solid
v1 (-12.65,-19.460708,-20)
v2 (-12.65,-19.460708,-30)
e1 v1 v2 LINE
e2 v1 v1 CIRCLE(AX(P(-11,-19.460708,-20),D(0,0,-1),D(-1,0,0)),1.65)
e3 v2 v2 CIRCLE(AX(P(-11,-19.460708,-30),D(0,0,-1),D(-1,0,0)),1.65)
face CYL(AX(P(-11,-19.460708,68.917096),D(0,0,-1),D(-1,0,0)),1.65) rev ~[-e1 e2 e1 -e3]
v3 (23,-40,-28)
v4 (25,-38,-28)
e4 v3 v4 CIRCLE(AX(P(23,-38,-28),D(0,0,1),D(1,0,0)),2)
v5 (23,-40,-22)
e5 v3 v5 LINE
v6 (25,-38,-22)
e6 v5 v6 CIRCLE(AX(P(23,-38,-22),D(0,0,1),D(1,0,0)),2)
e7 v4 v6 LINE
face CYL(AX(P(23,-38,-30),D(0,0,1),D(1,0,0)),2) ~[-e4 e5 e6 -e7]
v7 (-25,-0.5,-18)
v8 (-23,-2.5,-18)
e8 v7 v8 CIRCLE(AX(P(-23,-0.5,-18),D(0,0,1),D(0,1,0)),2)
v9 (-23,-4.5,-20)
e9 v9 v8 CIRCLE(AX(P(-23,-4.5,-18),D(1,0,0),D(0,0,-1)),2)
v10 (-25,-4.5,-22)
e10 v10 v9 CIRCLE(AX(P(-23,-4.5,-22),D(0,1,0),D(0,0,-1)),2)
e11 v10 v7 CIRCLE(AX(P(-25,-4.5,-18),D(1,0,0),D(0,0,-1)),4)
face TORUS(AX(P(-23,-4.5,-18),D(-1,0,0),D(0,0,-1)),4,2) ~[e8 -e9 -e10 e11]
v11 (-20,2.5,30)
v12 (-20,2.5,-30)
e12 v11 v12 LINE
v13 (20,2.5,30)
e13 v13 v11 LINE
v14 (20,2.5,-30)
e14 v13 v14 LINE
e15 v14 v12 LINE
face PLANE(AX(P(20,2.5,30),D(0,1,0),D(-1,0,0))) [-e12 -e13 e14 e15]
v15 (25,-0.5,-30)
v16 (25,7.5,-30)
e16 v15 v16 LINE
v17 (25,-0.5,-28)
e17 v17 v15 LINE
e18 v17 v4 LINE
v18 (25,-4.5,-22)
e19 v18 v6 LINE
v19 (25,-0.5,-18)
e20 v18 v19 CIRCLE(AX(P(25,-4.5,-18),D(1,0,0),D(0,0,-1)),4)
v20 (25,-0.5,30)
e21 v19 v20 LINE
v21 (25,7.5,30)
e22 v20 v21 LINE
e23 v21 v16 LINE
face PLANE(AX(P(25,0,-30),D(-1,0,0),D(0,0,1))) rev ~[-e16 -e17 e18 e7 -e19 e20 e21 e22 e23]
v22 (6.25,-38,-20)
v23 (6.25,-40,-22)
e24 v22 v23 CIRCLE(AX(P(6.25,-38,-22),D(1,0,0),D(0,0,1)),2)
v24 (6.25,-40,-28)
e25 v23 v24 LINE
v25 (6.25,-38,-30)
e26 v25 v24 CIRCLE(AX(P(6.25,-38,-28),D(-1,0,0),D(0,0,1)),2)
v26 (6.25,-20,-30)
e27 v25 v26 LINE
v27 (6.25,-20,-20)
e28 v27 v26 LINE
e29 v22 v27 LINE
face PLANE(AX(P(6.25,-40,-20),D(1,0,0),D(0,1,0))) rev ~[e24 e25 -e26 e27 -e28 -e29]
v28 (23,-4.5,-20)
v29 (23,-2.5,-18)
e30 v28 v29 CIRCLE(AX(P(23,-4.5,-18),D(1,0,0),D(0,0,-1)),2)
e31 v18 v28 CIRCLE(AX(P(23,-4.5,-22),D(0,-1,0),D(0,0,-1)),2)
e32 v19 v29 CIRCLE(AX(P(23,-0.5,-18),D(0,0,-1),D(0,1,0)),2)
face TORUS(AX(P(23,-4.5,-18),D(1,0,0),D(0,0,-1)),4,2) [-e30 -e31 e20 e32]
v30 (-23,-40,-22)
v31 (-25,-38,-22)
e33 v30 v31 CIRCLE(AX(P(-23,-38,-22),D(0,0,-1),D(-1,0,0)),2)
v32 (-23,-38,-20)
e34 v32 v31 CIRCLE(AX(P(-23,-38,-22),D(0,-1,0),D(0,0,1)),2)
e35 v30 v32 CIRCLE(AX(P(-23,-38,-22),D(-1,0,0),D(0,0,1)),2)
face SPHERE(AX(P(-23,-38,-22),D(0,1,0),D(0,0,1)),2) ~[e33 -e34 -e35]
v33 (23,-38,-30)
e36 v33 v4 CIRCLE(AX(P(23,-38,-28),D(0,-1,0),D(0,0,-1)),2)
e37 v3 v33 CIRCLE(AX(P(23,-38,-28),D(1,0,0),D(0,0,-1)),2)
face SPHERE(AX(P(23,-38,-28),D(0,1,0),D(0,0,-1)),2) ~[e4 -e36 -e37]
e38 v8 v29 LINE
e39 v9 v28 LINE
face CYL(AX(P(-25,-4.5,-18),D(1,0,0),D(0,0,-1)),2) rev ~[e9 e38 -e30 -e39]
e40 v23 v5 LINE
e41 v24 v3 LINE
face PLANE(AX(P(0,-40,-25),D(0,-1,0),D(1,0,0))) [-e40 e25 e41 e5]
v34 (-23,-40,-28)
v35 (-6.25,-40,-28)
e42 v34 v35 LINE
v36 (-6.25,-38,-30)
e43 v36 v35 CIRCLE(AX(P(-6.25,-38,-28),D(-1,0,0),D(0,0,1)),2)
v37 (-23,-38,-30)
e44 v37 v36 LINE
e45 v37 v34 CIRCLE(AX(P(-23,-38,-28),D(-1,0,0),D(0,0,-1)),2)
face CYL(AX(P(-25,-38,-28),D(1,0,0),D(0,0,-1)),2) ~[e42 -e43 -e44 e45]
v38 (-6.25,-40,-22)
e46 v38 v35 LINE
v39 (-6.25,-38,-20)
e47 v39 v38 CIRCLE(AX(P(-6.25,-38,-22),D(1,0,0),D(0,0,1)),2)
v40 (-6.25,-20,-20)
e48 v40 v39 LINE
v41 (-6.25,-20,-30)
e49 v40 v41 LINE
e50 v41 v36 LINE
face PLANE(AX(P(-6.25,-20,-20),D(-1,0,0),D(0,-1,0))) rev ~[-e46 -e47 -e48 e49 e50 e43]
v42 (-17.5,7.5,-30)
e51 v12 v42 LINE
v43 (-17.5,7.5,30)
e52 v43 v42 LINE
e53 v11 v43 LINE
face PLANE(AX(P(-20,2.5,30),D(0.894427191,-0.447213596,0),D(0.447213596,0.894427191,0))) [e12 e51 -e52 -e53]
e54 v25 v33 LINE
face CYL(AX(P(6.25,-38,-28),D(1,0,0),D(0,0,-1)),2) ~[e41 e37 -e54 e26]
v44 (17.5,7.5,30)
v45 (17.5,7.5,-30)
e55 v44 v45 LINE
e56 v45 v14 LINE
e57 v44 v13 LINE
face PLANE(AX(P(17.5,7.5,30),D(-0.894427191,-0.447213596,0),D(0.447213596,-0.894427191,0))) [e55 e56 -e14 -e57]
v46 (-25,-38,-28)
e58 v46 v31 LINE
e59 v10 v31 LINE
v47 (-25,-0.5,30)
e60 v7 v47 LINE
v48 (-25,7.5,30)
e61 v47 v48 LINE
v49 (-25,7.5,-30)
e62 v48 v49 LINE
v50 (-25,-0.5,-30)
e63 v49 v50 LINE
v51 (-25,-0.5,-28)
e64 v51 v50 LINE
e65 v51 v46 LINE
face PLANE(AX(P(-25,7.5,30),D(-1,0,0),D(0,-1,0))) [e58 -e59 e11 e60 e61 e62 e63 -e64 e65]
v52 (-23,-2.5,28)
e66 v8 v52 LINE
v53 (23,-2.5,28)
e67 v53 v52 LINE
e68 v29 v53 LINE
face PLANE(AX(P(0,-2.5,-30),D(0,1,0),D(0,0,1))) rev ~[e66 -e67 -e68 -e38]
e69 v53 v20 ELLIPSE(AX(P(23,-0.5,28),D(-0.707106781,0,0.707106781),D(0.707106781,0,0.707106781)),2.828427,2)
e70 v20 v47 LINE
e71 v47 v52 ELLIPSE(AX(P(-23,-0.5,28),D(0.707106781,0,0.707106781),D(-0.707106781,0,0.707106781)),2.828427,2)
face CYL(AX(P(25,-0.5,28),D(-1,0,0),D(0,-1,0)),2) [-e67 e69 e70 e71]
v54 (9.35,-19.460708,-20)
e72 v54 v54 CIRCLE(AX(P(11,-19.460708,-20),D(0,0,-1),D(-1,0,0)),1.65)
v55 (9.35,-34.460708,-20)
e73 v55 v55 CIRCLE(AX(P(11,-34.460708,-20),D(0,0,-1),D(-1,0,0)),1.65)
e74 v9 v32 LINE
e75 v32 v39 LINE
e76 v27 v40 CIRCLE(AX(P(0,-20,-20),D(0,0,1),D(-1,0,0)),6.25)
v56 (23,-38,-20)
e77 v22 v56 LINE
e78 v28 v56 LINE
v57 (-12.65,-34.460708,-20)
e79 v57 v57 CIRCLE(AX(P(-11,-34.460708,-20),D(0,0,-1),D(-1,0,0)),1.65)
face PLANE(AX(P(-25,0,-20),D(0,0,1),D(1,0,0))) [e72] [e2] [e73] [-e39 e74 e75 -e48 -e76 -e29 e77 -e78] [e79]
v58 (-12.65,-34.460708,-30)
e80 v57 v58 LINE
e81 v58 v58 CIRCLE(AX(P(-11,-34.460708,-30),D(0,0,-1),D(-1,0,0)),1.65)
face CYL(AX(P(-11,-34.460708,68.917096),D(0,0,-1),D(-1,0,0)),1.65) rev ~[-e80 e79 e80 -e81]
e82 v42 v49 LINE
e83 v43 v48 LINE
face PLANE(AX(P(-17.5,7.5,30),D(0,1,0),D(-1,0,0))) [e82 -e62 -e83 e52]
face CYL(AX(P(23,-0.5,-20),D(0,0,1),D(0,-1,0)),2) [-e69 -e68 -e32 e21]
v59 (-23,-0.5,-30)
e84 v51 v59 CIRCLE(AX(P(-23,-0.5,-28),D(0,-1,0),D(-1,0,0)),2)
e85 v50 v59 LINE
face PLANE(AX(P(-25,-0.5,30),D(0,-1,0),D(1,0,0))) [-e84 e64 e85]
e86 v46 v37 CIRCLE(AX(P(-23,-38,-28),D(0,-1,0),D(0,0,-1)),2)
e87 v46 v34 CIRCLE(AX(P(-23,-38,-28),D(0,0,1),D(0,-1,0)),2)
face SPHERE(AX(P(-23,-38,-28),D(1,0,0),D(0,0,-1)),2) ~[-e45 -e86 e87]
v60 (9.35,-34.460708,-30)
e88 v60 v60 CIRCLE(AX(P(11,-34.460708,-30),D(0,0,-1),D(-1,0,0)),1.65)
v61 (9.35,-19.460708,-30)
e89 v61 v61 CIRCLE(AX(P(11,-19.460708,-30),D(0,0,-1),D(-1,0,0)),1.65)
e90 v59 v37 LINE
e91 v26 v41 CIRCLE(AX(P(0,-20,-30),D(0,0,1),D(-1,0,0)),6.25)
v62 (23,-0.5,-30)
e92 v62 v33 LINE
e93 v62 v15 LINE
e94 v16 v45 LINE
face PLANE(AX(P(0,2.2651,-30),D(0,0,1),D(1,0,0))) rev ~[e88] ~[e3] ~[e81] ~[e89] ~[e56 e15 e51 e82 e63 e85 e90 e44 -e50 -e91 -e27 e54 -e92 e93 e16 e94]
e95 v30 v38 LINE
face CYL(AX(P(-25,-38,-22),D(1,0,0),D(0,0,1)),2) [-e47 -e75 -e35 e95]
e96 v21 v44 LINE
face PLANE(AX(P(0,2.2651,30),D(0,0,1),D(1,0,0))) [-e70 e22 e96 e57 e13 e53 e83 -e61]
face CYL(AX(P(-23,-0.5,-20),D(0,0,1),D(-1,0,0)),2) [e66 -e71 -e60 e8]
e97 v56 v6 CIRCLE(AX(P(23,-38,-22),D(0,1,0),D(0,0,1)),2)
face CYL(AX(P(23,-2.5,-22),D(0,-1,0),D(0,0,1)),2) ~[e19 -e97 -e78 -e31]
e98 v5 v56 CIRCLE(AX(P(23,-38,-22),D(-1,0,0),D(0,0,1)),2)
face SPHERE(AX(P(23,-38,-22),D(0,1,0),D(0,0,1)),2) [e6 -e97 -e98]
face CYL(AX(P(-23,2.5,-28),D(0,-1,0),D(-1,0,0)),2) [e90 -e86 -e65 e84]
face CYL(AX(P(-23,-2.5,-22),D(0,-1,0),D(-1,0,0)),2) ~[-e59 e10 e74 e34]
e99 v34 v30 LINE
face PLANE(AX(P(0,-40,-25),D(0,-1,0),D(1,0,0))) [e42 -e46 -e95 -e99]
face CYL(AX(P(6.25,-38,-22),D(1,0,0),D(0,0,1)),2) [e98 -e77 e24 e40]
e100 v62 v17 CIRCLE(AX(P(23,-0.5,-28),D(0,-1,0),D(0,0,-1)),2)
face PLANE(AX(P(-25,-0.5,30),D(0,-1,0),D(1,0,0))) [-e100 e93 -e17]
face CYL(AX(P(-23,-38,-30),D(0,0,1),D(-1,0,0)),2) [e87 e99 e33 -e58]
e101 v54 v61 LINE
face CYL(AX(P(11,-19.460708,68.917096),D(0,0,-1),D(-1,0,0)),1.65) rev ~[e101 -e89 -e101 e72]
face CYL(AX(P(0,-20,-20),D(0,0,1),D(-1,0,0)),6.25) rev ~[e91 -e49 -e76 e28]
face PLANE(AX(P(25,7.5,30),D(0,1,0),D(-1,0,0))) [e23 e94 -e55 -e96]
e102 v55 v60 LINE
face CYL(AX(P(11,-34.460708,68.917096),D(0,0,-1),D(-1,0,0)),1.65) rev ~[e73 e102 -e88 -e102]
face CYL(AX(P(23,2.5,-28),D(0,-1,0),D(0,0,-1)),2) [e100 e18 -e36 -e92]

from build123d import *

# Parameters (mm, degrees)
F0_W          = 5
F0_H          = 60
F1_DEPTH      = 25
F1_DEPTH_BACK = 25
F2_W          = 50
F2_H          = 10
F3_DEPTH      = 40
F5_DEPTH      = 25
F6_R          = 2
F8_D          = 3.3
F10_DEPTH     = 60


with BuildPart() as f1:
    # F0 (on Right) → F1 (new body, two sides)
    with BuildSketch(Plane.YZ) as f1_sk:
        Rectangle(F0_W, F0_H)
    extrude(amount=F1_DEPTH)
    extrude(f1_sk.sketch, amount=-F1_DEPTH_BACK)

    # F2 (on Front) → F3 (join)
    with BuildSketch(Plane.XZ):
        with Locations((0, -25)):
            Rectangle(F2_W, F2_H)
    extrude(amount=F3_DEPTH)

    # F4 (on face) → F5 (cut)
    with BuildSketch(Plane.XY.offset(-20)):
        with BuildLine():
            ThreePointArc((6.25, -20), (0, -26.25), (-6.25, -20))
            Line((-6.25, -20), (-6.25, -40))
            Line((-6.25, -40), (6.25, -40))
            Line((6.25, -40), (6.25, -20))
        make_face()
        with BuildLine():
            ThreePointArc((6.25, -20), (0, -13.75), (-6.25, -20))
            ThreePointArc((-6.25, -20), (0, -26.25), (6.25, -20))
        make_face()
    extrude(amount=-F5_DEPTH, mode=Mode.SUBTRACT)

    # F6
    f6_edges = [f1.edges().sort_by_distance(p)[0] for p in [
        (-25, -21.25, -20),
        (-25, -2.5, 5),
        (25, -21.25, -20),
        (25, -2.5, 5),
        (-15.625, -40, -20),
        (15.625, -40, -20),
        (-15.625, -40, -30),
        (-25, -18.75, -30),
        (25, -18.75, -30),
        (15.625, -40, -30),
        (25, -40, -25),
        (-25, -40, -25),
        (0, -2.5, 30),
        (0, -2.5, -20),
    ]]
    fillet(f6_edges, radius=F6_R)

    # F8 (through all)
    with Locations(Plane.XY.offset(-20)):
        with Locations((-11, -19.460708499), (11, -19.460708499), (11, -34.460708499), (-11, -34.460708499)):
            Hole(F8_D / 2)

    # F9 (on face) → F10 (join)
    with BuildSketch(Plane.XY.offset(30)):
        Polygon((-25, 7.5), (-25, -0.5), (25, -0.5), (25, 7.5), (17.5, 7.5), (20, 2.5), (-20, 2.5), (-17.5, 7.5), align=None)
    extrude(amount=-F10_DEPTH)


solid = f1.part
